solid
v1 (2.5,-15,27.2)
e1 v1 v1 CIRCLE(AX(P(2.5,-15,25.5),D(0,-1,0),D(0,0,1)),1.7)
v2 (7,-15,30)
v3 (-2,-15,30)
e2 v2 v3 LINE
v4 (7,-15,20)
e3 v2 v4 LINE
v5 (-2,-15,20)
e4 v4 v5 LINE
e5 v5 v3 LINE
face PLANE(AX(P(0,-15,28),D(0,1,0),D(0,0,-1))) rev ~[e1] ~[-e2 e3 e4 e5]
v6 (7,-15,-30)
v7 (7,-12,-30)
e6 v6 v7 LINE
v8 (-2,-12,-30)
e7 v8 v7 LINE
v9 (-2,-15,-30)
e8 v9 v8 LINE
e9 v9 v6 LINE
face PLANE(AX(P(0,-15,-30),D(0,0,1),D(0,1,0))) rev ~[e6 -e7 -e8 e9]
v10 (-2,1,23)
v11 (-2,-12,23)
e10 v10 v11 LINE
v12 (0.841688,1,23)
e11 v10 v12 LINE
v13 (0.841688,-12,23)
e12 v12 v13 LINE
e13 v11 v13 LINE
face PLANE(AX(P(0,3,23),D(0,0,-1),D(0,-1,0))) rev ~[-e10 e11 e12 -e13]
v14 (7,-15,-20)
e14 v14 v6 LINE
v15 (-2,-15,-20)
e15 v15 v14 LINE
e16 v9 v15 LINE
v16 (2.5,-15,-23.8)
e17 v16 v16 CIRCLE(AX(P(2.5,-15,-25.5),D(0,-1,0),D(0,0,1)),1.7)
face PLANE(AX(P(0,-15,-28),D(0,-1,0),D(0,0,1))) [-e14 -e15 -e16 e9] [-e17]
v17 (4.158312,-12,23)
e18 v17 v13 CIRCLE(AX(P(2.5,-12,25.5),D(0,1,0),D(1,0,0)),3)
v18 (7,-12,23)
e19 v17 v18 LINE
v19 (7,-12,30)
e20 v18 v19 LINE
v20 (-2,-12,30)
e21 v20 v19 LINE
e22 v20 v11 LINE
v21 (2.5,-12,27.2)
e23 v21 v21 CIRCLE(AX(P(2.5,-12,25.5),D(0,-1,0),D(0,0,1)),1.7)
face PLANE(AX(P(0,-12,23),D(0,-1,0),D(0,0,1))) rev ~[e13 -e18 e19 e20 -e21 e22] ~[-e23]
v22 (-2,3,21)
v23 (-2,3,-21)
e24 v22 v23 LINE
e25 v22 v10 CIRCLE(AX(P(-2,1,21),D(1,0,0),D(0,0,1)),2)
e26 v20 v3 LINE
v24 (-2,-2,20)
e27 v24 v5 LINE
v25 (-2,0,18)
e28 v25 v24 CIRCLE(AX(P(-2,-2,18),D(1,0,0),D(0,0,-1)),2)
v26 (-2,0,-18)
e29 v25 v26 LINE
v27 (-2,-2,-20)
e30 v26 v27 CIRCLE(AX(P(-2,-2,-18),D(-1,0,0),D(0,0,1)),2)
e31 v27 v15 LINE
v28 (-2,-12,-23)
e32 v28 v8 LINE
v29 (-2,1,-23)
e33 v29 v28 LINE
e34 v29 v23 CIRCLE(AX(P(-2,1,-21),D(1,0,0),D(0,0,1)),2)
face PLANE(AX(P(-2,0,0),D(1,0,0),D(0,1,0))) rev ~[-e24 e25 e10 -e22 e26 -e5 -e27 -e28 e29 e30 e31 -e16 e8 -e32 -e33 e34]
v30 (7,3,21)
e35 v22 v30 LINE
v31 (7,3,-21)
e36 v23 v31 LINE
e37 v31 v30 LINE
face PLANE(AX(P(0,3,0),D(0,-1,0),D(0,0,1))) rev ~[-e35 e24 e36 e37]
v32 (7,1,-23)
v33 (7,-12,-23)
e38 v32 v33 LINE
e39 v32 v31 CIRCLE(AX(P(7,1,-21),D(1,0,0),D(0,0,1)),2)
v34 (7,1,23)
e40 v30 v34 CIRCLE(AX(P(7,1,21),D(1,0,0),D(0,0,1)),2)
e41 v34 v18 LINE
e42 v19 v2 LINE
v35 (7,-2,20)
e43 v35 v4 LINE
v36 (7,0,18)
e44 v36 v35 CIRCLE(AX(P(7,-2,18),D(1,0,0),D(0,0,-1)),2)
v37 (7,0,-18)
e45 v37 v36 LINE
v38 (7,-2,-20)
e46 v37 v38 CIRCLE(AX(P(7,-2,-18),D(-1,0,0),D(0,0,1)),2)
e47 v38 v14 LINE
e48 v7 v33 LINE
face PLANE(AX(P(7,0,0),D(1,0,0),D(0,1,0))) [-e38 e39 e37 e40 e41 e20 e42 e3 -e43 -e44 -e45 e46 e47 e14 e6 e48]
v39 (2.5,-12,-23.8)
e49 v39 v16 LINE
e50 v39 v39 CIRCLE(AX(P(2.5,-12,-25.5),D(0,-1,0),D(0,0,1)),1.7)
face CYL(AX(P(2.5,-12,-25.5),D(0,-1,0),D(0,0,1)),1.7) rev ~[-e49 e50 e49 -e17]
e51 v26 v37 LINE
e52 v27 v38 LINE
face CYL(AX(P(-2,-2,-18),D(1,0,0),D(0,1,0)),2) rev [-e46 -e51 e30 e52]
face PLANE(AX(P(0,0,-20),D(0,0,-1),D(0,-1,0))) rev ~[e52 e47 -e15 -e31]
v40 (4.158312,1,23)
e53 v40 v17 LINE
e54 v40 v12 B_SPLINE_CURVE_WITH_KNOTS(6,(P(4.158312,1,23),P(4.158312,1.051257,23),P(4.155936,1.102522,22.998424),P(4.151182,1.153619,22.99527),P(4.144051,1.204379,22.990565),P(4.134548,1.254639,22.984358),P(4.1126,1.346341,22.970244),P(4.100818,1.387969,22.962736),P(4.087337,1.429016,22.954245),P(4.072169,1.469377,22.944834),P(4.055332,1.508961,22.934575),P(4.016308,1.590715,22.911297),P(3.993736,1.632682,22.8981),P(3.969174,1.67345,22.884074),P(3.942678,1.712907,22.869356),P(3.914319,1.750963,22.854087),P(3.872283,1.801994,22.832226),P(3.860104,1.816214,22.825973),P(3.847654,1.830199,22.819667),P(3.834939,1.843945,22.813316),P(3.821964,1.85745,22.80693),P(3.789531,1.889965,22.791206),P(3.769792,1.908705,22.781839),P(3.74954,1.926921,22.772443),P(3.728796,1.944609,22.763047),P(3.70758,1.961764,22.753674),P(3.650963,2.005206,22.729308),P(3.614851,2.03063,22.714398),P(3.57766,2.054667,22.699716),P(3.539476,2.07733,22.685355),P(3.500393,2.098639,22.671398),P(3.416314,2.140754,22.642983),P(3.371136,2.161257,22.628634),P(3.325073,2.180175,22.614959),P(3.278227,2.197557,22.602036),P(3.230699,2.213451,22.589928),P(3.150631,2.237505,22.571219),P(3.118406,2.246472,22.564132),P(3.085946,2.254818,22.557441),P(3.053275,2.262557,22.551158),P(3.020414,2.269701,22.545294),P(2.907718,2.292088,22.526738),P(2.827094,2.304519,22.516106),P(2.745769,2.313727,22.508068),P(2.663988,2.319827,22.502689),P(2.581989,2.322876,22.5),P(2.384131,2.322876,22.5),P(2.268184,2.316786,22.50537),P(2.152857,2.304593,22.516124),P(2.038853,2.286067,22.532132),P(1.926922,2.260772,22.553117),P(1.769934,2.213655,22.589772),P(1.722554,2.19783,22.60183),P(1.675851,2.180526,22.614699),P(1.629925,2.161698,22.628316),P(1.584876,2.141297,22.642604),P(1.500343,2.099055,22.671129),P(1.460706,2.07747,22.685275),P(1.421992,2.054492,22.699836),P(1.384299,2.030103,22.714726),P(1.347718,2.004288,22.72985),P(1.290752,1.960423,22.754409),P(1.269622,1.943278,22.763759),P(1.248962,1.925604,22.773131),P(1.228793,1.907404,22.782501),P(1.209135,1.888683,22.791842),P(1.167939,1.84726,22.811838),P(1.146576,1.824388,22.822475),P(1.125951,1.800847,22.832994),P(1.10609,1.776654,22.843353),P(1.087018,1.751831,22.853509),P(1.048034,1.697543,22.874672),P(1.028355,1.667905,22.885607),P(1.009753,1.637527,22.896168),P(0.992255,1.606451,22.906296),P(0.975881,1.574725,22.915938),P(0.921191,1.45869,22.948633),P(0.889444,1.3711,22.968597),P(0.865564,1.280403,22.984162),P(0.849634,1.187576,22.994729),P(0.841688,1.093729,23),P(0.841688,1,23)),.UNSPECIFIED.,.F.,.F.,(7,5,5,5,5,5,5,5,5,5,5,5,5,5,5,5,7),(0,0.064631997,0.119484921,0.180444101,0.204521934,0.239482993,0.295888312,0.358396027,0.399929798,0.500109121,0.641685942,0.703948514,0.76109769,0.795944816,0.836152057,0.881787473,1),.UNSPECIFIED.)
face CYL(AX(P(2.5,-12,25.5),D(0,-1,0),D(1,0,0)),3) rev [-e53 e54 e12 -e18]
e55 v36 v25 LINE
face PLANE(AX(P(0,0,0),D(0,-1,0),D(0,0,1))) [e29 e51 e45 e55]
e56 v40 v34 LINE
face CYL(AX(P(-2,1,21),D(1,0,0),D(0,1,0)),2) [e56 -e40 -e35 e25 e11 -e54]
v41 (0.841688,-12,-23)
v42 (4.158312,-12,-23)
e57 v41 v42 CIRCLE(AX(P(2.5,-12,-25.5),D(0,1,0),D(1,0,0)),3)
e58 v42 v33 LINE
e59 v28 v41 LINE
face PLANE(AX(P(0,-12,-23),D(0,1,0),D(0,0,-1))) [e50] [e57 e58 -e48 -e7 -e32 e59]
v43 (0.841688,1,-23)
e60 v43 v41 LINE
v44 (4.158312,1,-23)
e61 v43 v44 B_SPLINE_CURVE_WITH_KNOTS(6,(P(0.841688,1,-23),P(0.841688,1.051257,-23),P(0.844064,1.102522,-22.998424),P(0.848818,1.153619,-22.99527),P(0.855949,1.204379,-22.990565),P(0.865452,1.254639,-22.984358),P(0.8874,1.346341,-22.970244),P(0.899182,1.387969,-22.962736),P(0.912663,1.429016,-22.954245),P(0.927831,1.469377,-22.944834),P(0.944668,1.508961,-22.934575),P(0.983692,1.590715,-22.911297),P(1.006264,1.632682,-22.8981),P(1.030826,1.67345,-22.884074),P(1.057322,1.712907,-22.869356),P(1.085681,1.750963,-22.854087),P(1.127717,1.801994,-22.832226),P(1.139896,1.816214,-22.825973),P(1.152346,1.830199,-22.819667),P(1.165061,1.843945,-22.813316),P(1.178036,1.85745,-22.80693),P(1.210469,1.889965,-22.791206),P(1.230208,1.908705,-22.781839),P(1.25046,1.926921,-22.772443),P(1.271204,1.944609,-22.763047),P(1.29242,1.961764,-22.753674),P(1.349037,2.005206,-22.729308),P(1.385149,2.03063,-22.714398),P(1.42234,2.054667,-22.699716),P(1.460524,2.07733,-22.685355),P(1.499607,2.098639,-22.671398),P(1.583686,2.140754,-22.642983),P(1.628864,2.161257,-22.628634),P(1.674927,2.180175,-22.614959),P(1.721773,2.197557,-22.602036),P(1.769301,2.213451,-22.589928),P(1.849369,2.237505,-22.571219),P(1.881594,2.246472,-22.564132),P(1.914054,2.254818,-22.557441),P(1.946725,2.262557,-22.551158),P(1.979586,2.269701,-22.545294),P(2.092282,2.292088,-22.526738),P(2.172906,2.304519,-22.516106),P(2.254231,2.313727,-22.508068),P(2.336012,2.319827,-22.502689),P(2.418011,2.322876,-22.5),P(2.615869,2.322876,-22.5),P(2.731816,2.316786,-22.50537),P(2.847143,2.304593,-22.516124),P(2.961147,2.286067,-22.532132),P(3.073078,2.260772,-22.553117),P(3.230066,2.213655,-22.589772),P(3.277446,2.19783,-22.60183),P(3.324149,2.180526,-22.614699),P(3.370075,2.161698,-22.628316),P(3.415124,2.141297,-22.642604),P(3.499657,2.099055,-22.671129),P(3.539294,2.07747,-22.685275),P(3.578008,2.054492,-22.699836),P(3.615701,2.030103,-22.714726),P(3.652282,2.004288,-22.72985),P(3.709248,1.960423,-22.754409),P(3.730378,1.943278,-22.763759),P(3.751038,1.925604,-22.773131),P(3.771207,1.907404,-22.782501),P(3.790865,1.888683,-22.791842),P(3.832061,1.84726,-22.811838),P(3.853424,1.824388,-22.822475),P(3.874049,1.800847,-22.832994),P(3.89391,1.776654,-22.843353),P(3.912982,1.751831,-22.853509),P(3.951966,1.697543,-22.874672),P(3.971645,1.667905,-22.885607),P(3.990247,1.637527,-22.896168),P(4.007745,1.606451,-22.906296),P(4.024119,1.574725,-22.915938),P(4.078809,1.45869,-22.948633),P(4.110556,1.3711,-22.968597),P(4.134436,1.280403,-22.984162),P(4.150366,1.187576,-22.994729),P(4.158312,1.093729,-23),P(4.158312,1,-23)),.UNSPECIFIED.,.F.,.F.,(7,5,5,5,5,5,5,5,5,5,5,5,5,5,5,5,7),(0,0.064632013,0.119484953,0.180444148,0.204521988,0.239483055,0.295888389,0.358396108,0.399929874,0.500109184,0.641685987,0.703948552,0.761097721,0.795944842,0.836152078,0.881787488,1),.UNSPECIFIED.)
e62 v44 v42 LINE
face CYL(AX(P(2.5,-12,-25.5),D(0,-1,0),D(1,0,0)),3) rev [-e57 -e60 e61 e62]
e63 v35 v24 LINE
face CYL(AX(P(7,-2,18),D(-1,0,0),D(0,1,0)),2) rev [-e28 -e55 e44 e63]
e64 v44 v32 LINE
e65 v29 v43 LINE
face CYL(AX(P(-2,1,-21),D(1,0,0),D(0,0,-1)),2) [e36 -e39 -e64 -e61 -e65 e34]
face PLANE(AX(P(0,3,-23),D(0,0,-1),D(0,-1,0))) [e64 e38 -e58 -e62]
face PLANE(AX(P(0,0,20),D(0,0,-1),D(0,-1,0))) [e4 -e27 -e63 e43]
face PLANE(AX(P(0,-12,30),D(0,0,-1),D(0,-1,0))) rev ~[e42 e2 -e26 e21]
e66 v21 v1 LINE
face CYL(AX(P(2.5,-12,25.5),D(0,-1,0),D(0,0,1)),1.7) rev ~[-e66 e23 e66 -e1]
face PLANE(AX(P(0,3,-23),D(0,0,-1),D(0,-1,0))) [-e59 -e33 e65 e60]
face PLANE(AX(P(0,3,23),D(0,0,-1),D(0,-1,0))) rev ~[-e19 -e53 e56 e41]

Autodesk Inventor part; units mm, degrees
ref_plane "YZ Plane" through (0, 0, 0) normal (1, 0, 0) x (0, 1, 0)
ref_plane "XZ Plane" through (0, 0, 0) normal (0, 1, 0) x (-1, 0, 0)
ref_plane "XY Plane" through (0, 0, 0) normal (0, 0, 1) x (1, 0, 0)
sketch "Sketch1" plane through (0, 0, 0) normal (1, 0, 0) x (0, 1, 0)
  line L0 (0, 0) -> (0, 20)
  line L1 (0, 20) -> (-15, 20)
  line L2 (0, 0) -> (3, 0)
  line L3 (3, 0) -> (3, 23)
  line L4 (3, 23) -> (-12, 23)
  line L5 (-12, 23) -> (-12, 28)
  line L6 (-12, 28) -> (-15, 28)
  line L7 (-15, 28) -> (-15, 20)
  line L8 (3.6548, 0) -> (-1.246, 0)
  line L9 (0, 0) -> (0, -20)
  line L10 (0, -20) -> (-15, -20)
  line L11 (3, 0) -> (3, -23)
  line L12 (3, -23) -> (-12, -23)
  line L13 (-12, -23) -> (-12, -28)
  line L14 (-15, -28) -> (-15, -20)
  line L15 (-12, -28) -> (-15, -28)
  line L16 (-12, 28) -> (-12, 30)
  line L17 (-12, 30) -> (-15, 30)
  line L18 (-15, 30) -> (-15, 28)
  line L19 (-15, -28) -> (-15, -30)
  line L20 (-15, -30) -> (-12, -30)
  line L21 (-12, -30) -> (-12, -28)
  dimension "d0" = 20
  dimension "d1" = 15
  dimension "d2" = 3
  dimension "d3" = 23
  dimension "d4" = 15
  dimension "d5" = 5
  dimension "d22" = 2
  dimension "d23" = 2
extrude "Extrusion1" add sketch "Sketch1" along normal blind 7 and the other way blind 2
sketch "Sketch2" plane through (0, -12, 28) normal (0, 1, 0) x (1, 0, 0)
  line L0 (0, 0) -> (-2, 2.1)
  line L1 (-2, -2) -> (-2, 5) projected
  line L2 (-2, 58) -> (-2, 48) projected
  line L3 (0, 56) -> (-2, 54.5)
  point P0 (0, 28)
  point P1 (2.5, 2.5)
  point P2 (2.5, 53.5)
  dimension "d8" = 2.9
  dimension "d9" = 2.5
hole "Hole1" at (2.5, -12, 25.5) at (2.5, -12, -25.5) direction (0, -1, 0) diameter 3.4 end through all clearance for "Countersunk Flat Head Screw ISO 2009/7046" size "M3" standard "ISO"
sketch "Sketch3" plane through (0, -12, 28) normal (0, 1, 0) x (1, 0, 0)
  circle A0 centre (2.5, 2.5) radius 1.7 projected
  circle A1 centre (2.5, 2.5) radius 3
  circle A2 centre (2.5, 53.5) radius 1.7 projected
  circle A3 centre (2.5, 53.5) radius 3
  point P0 (0, 28)
  dimension "d17" = 6
  dimension "d18" = 6
fillet "Fillet1" radius 2 4 edges at (2.5, 3, 23) (2.5, 0, 20) (2.5, 0, -20) (2.5, 3, -23)
extrude "Extrusion2" cut sketch "Sketch3" along normal blind 20
properties part number "esc-bracket"
